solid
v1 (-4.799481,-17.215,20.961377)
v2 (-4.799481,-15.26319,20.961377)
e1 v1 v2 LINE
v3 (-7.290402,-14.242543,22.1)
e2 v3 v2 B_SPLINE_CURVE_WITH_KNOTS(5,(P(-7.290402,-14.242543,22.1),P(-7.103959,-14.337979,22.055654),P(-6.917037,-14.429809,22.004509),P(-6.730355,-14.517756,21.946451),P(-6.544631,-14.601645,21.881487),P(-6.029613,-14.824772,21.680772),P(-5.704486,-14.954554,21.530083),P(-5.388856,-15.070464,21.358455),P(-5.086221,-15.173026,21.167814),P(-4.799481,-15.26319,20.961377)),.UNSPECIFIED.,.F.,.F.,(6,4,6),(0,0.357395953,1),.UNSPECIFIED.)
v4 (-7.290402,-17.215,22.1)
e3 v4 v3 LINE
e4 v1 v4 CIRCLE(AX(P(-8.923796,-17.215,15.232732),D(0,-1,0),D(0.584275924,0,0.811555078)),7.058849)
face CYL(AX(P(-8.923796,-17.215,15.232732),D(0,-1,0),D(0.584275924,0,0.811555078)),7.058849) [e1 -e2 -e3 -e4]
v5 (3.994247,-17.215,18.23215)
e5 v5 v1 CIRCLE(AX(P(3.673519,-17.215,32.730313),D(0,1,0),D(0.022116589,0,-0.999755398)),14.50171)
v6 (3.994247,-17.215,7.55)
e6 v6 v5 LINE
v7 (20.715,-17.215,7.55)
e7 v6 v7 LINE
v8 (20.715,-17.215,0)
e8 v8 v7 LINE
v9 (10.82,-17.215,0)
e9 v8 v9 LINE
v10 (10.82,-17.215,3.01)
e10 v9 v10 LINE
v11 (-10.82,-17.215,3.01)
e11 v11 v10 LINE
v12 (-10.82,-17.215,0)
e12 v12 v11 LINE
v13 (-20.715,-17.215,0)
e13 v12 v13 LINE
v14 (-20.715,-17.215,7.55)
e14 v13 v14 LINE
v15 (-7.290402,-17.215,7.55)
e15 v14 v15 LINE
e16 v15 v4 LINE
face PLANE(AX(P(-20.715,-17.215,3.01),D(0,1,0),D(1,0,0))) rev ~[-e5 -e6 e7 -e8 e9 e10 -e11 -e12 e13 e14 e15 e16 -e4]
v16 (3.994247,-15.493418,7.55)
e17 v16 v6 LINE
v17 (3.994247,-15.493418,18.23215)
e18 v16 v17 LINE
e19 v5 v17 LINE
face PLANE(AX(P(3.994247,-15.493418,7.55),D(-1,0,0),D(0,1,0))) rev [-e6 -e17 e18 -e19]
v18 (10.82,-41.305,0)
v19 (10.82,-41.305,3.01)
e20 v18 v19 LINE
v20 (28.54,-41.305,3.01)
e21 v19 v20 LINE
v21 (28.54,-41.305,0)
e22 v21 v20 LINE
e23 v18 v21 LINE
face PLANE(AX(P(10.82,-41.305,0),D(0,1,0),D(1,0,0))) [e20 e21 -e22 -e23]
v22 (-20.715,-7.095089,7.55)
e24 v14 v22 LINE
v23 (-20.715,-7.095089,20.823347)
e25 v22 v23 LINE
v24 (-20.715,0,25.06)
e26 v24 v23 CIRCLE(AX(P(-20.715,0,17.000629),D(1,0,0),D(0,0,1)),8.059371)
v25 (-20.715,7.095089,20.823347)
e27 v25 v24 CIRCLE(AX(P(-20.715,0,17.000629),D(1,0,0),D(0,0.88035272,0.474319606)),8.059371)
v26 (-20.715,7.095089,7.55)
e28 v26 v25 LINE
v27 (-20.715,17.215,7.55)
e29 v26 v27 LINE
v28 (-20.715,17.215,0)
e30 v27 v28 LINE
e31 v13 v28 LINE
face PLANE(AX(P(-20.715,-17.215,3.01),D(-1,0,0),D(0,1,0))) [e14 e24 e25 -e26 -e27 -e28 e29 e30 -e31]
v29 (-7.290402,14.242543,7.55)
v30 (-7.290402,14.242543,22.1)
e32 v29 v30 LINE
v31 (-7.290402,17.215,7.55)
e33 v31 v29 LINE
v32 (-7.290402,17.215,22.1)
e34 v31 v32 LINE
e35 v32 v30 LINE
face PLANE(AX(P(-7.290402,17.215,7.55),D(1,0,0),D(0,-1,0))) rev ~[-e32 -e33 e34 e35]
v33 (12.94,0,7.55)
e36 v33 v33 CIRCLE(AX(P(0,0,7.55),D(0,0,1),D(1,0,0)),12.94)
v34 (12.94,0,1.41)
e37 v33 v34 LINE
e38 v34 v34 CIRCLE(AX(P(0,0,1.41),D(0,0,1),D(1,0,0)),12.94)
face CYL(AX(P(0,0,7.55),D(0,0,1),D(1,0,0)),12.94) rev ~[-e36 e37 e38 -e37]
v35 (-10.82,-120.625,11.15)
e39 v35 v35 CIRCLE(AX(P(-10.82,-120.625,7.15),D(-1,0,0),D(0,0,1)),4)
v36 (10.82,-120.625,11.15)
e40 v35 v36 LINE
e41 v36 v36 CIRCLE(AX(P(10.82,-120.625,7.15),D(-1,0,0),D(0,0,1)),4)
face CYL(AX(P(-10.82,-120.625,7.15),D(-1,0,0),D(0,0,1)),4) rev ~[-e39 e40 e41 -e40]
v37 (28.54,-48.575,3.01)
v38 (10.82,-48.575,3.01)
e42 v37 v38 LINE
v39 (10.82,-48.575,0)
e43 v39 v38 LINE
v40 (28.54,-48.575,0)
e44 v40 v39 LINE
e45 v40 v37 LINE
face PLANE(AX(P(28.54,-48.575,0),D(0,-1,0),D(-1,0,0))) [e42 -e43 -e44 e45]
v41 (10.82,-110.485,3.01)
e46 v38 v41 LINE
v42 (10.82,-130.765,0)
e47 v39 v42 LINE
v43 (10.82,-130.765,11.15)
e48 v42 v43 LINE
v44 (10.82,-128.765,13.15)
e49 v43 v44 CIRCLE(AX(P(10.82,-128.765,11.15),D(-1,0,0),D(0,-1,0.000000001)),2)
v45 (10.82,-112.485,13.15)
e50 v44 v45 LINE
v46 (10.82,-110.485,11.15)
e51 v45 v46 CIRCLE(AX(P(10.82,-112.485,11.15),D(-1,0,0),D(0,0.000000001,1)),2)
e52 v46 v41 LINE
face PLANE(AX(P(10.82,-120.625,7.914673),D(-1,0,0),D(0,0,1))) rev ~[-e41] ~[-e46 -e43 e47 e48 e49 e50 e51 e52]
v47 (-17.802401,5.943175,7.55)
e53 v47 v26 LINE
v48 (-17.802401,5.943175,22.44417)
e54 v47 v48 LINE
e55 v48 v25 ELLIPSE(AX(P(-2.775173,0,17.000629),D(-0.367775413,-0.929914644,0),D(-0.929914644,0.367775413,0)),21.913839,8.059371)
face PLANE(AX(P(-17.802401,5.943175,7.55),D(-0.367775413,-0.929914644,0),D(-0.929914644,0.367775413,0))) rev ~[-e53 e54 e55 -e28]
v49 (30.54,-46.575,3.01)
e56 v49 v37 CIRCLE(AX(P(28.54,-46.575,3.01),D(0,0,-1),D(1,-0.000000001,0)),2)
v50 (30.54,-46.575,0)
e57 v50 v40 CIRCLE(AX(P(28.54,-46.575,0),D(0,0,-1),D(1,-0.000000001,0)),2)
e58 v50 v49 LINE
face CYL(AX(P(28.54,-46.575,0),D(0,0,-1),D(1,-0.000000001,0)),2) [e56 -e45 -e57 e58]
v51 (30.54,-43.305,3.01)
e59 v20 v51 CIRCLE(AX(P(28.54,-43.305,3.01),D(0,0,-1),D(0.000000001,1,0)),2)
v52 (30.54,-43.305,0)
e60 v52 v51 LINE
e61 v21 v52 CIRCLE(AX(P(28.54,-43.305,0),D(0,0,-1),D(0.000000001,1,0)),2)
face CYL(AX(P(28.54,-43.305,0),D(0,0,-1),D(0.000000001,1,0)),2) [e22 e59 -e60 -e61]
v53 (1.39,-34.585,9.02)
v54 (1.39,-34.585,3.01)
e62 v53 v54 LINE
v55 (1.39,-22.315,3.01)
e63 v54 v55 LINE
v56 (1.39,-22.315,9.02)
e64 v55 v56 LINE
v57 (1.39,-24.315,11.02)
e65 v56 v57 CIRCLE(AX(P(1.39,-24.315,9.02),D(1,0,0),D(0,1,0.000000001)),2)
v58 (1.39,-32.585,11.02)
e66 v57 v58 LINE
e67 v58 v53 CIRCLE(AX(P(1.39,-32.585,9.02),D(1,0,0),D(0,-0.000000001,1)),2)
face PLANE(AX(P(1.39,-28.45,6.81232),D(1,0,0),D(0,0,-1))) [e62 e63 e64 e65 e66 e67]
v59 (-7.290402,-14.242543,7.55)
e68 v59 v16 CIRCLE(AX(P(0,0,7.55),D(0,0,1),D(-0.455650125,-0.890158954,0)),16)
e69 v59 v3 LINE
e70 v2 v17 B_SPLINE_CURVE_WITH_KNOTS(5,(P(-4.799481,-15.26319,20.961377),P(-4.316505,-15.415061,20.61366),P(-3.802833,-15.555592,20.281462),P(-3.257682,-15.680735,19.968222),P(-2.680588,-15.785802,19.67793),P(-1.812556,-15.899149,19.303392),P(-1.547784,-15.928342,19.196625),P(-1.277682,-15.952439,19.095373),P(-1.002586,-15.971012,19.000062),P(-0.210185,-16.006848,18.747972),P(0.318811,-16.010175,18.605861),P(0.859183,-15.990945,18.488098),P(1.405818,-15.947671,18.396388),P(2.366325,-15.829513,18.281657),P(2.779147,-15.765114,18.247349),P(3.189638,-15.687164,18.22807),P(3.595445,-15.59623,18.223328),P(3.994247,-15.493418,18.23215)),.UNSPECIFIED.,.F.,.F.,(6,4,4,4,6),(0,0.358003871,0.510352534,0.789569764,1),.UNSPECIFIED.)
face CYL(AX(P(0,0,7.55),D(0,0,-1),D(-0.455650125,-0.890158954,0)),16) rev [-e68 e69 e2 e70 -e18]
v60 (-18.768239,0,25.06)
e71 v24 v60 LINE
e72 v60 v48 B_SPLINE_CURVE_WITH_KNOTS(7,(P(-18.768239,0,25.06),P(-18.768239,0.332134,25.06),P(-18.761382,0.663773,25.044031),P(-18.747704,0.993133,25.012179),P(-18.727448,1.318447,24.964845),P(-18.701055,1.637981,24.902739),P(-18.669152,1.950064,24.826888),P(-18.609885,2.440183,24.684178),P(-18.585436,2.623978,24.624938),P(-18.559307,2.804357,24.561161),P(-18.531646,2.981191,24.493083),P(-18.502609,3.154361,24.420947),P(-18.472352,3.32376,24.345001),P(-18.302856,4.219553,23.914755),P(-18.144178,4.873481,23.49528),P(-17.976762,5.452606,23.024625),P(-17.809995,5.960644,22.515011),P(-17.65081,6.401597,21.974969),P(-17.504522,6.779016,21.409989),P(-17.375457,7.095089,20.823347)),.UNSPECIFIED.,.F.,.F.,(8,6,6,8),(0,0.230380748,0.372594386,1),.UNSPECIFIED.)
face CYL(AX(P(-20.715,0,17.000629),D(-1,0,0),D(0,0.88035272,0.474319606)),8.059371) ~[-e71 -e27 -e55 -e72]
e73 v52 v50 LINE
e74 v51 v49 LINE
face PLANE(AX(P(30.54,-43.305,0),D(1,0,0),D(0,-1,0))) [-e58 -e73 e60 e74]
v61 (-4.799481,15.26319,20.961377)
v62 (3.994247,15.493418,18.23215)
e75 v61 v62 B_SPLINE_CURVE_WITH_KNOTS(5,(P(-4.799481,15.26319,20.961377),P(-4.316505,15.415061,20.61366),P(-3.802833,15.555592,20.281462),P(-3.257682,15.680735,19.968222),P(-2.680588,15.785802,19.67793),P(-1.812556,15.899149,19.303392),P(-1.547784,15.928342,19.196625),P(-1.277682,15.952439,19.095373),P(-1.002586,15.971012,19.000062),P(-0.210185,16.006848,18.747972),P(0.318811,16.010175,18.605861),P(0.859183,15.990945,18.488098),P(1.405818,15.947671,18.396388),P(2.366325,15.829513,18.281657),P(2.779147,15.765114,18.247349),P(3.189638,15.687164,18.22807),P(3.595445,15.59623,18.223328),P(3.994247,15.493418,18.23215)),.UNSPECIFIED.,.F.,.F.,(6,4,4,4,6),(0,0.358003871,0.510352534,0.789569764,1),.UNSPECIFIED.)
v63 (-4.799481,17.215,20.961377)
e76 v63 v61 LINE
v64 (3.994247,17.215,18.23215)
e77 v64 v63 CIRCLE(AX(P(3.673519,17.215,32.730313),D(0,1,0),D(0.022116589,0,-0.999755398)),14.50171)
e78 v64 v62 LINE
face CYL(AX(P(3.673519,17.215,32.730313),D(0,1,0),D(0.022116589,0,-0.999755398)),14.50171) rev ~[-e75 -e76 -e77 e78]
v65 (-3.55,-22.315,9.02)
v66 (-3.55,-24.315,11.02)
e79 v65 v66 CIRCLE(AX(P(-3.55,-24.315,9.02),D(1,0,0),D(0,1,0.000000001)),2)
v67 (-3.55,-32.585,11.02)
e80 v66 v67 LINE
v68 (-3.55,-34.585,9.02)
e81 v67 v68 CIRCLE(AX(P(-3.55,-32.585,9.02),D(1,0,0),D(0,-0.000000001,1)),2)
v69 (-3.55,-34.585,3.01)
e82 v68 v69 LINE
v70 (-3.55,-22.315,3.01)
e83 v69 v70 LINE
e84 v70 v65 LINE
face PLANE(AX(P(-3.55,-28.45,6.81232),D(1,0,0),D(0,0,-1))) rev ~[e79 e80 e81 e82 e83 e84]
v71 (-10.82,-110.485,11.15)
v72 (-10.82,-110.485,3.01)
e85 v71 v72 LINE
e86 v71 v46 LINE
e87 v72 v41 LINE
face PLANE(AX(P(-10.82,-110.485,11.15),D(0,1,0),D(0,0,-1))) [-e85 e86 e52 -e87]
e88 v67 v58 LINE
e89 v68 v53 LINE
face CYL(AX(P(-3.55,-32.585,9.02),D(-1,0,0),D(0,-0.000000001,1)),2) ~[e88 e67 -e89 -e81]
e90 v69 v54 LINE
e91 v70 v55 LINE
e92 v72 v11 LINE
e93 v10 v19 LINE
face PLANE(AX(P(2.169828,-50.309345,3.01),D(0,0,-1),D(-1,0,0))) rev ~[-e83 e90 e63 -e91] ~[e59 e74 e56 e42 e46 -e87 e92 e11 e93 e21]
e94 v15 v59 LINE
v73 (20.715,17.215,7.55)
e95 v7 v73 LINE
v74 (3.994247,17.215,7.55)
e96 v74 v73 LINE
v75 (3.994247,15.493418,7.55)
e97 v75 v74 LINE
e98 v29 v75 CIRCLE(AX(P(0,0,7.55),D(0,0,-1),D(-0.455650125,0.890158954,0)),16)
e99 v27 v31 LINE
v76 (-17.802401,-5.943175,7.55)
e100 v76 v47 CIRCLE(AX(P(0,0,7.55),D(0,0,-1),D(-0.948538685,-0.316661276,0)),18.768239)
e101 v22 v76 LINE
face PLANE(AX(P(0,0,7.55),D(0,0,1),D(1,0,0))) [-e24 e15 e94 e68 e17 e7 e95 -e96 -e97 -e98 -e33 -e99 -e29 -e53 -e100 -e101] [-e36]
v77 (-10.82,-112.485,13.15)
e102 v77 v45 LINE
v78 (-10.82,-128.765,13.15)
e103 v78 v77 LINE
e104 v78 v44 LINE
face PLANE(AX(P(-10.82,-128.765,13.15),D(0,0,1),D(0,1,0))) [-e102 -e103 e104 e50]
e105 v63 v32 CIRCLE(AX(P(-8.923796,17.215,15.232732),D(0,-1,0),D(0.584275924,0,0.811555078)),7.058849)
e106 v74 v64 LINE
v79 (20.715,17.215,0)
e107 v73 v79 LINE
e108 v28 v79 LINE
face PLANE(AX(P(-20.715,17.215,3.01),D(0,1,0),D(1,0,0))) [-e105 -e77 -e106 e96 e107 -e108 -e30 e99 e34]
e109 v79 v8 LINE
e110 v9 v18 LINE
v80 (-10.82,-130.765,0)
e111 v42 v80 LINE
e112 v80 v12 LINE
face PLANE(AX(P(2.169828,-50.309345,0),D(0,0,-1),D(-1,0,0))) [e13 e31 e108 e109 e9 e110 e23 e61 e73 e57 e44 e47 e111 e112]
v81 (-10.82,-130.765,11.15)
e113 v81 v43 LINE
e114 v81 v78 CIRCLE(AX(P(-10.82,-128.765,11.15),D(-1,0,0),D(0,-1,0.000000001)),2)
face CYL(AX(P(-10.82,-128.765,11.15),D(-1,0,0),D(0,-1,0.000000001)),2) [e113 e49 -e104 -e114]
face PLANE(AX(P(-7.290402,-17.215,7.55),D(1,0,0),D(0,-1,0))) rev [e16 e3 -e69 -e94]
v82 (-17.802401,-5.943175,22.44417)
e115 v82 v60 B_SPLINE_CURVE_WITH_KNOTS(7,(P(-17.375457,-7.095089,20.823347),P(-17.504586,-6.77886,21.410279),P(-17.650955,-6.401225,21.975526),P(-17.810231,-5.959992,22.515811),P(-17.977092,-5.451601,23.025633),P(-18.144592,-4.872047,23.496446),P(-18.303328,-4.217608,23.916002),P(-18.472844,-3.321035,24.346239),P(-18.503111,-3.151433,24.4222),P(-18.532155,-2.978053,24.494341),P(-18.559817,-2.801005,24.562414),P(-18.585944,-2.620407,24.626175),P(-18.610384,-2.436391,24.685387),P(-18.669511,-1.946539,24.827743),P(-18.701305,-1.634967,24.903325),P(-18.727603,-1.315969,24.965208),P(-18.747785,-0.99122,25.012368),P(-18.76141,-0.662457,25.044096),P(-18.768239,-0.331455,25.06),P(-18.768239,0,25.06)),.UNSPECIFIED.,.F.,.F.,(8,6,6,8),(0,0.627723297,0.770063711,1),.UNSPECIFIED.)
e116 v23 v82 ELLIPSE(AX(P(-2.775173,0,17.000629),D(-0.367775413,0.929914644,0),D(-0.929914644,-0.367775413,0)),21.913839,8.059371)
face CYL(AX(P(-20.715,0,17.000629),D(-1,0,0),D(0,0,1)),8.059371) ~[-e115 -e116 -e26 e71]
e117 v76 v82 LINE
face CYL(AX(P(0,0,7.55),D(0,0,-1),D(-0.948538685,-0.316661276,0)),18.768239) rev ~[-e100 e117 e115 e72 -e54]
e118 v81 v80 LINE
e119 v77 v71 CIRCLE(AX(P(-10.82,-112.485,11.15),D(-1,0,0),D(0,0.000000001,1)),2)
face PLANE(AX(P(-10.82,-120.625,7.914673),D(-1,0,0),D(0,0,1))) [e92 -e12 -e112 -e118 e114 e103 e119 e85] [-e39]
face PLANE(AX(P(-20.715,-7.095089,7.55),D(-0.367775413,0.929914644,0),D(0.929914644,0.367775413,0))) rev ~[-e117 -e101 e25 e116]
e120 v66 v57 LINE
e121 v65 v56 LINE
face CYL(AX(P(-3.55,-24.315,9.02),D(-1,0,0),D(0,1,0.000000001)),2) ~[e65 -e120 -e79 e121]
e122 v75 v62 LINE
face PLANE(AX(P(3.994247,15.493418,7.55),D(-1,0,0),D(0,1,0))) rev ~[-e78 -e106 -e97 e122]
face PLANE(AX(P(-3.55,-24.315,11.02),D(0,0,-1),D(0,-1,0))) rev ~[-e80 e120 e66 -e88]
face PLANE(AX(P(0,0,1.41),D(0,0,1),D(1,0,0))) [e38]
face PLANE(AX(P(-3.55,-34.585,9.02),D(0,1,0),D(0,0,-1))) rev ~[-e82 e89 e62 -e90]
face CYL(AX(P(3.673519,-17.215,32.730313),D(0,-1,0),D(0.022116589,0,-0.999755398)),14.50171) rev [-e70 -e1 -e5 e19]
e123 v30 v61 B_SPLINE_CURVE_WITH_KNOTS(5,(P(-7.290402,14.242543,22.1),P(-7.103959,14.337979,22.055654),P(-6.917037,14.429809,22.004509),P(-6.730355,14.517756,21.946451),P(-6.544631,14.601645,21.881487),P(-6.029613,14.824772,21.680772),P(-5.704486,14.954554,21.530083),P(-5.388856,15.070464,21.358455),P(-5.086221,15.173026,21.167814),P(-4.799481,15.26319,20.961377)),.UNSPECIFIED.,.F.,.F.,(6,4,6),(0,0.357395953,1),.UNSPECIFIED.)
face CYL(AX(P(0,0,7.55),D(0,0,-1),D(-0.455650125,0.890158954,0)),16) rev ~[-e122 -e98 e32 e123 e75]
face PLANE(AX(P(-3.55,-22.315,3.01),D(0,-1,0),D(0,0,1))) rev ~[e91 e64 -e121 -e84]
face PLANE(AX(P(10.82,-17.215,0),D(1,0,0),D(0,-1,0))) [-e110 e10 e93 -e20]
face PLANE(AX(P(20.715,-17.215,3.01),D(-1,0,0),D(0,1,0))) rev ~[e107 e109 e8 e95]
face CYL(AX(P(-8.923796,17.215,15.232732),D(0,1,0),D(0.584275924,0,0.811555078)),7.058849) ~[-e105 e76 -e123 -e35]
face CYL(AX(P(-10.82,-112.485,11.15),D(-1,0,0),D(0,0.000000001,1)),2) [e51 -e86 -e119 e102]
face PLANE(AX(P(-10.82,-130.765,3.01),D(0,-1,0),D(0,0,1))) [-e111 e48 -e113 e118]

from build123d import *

# Parameters (mm, degrees)
EXTRUDE_4_DEPTH          = 3.01
SKETCH_3_W               = 41.43
SKETCH_3_H               = 34.43
EXTRUDE_5_DEPTH          = 4.54
SKETCH_4_R               = 12.94
CUT_EXTRUDE_1_DEPTH      = 6.14
EXTRUDE_7_DEPTH          = 4.94
EXTRUDE_9_DEPTH          = 21.64
SKETCH_8_R               = 4
CUT_EXTRUDE_2_DEPTH      = 138.779016272
EXTRUDE_10_DEPTH         = 14.55
CUT_EXTRUDE_7_REACH      = 154.706
CUT_EXTRUDE_7_END_RADIUS = 16
EXTRUDE_11_DEPTH         = 17.51
CUT_EXTRUDE_8_REACH      = 144.669
CUT_EXTRUDE_8_END_RADIUS = 18.768238988


with BuildPart() as part:
    # 草图1 → 凸台-拉伸4 (new body)
    with BuildSketch(Plane.XY):
        with BuildLine():
            Line((10.82, -17.215), (10.82, -41.305))
            Line((10.82, -41.305), (28.54, -41.305))
            ThreePointArc((28.54, -41.305), (29.954213562, -41.890786438), (30.54, -43.305))
            Line((30.54, -43.305), (30.54, -46.575))
            ThreePointArc((30.54, -46.575), (29.954213562, -47.989213562), (28.54, -48.575))
            Line((28.54, -48.575), (10.82, -48.575))
            Line((10.82, -48.575), (10.82, -130.765))
            Line((10.82, -130.765), (-10.82, -130.765))
            Line((-10.82, -130.765), (-10.82, -17.215))
            Line((-10.82, -17.215), (-20.715, -17.215))
            Line((-20.715, -17.215), (-20.715, 17.215))
            Line((-20.715, 17.215), (20.715, 17.215))
            Line((20.715, 17.215), (20.715, -17.215))
            Line((20.715, -17.215), (10.82, -17.215))
        make_face()
    extrude(amount=EXTRUDE_4_DEPTH)

    # 草图3 → 凸台-拉伸5 (add)
    with BuildSketch(Plane.XY.offset(3.01)):
        Rectangle(SKETCH_3_W, SKETCH_3_H)
    extrude(amount=EXTRUDE_5_DEPTH)

    # 草图4 → 切除-拉伸1 (cut)
    with BuildSketch(Plane.XY.offset(7.55)):
        Circle(SKETCH_4_R)
    extrude(amount=-CUT_EXTRUDE_1_DEPTH, mode=Mode.SUBTRACT)

    # 草图6 → 凸台-拉伸7 (add)
    with BuildSketch(Plane.ZY.offset(3.55)):
        with BuildLine():
            Line((3.01, -22.315), (9.02, -22.315))
            ThreePointArc((9.02, -22.315), (10.434213562, -22.900786438), (11.02, -24.315))
            Line((11.02, -24.315), (11.02, -32.585))
            ThreePointArc((11.02, -32.585), (10.434213562, -33.999213562), (9.02, -34.585))
            Line((9.02, -34.585), (3.01, -34.585))
            Line((3.01, -34.585), (3.01, -22.315))
        make_face()
    extrude(amount=-EXTRUDE_7_DEPTH)

    # 草图7 → 凸台-拉伸9 (add)
    with BuildSketch(Plane.ZY.offset(10.82)):
        with BuildLine():
            Line((3.01, -130.765), (11.15, -130.765))
            ThreePointArc((11.15, -130.765), (12.564213562, -130.179213562), (13.15, -128.765))
            Line((13.15, -128.765), (13.15, -112.485))
            ThreePointArc((13.15, -112.485), (12.564213562, -111.070786438), (11.15, -110.485))
            Line((11.15, -110.485), (3.01, -110.485))
            Line((3.01, -110.485), (3.01, -130.765))
        make_face()
    extrude(amount=-EXTRUDE_9_DEPTH)

    # 草图8 → 切除-拉伸2 (cut, through all)
    with BuildSketch(Plane.ZY.offset(10.82)):
        with Locations((7.15, -120.625)):
            Circle(SKETCH_8_R)
    extrude(amount=-CUT_EXTRUDE_2_DEPTH, mode=Mode.SUBTRACT)

    # 草图9 → 凸台-拉伸10 (add)
    with BuildSketch(Plane.XY.offset(7.55)):
        with BuildLine():
            Line((3.994247308, 17.215), (-7.290402008, 17.215))
            Line((-7.290402008, 17.215), (-7.290402008, 14.242543262))
            ThreePointArc((-7.290402008, 14.242543262), (-1.762762206, 15.902599454), (3.994247308, 15.493417584))
            Line((3.994247308, 15.493417584), (3.994247308, 17.215))
        make_face()
    extrude_10 = extrude(amount=EXTRUDE_10_DEPTH)

    # 切除-拉伸7: up to this cylinder (the profile starts outside it)
    cut_extrude_7_end = Plane(origin=(0, 0, 20.532167), z_dir=(0, 0, -1)) * Cylinder(CUT_EXTRUDE_7_END_RADIUS, 342.412, mode=Mode.PRIVATE)
    # 草图10 → 切除-拉伸7 (cut, up to the surface)
    with BuildSketch(Plane(origin=(0, 17.215, 0), x_dir=(1, 0, 0), z_dir=(0, 1, 0)), mode=Mode.PRIVATE) as cut_extrude_7_sk1:
        with BuildLine():
            Line((3.994247308, -21.947856721), (3.994247308, -18.232150221))
            ThreePointArc((3.994247308, -18.232150221), (-0.624975177, -18.880311606), (-4.799480887, -20.961376627))
            ThreePointArc((-4.799480887, -20.961376627), (-5.989188818, -21.652656126), (-7.290402008, -22.1))
            Line((-7.290402008, -22.1), (3.994247308, -22.1))
            Line((3.994247308, -22.1), (3.994247308, -21.947856721))
        make_face()
    cut_extrude_7_tool1 = extrude(cut_extrude_7_sk1.sketch, amount=-CUT_EXTRUDE_7_REACH, mode=Mode.PRIVATE) - cut_extrude_7_end
    cut_extrude_7 = cut_extrude_7_tool1.solids().sort_by_distance((-0.002076, 17.215, 20.532167))[0]
    add(cut_extrude_7, mode=Mode.SUBTRACT)

    # 镜向1: 凸台-拉伸10, 切除-拉伸7 across plane
    add(extrude_10.mirror(Plane(origin=(0, 0, 0), x_dir=(0, 0, 1), z_dir=(0, -1, 0))))
    add(cut_extrude_7.mirror(Plane(origin=(0, 0, 0), x_dir=(0, 0, 1), z_dir=(0, -1, 0))), mode=Mode.SUBTRACT)

    # 草图12 → 凸台-拉伸11 (add)
    with BuildSketch(Plane.XY.offset(7.55)):
        with BuildLine():
            Line((-17.802400725, 5.943174502), (-20.715, 7.09508926))
            Line((-20.715, 7.09508926), (-20.715, -7.09508926))
            Line((-20.715, -7.09508926), (-17.802400725, -5.943174502))
            ThreePointArc((-17.802400725, -5.943174502), (-18.768238988, 0), (-17.802400725, 5.943174502))
        make_face()
    extrude(amount=EXTRUDE_11_DEPTH)

    # 切除-拉伸8: up to this cylinder (the profile starts outside it)
    cut_extrude_8_end = Plane(origin=(0, 0, 23.877666), z_dir=(0, 0, -1)) * Cylinder(CUT_EXTRUDE_8_END_RADIUS, 327.874477976, mode=Mode.PRIVATE)
    # 草图13 → 切除-拉伸8 (cut, up to the surface)
    with BuildSketch(Plane.ZY.offset(20.715), mode=Mode.PRIVATE) as cut_extrude_8_sk1:
        with BuildLine():
            ThreePointArc((25.06, 0), (23.920244617, -4.131873769), (20.823346631, -7.09508926))
            Line((20.823346631, -7.09508926), (25.06, -7.09508926))
            Line((25.06, -7.09508926), (25.06, 0))
        make_face()
    cut_extrude_8_tool1 = extrude(cut_extrude_8_sk1.sketch, amount=-CUT_EXTRUDE_8_REACH, mode=Mode.PRIVATE) - cut_extrude_8_end
    add(cut_extrude_8_tool1.solids().sort_by_distance((-20.715, -5.42758, 23.877666))[0], mode=Mode.SUBTRACT)
    # 草图13 → 切除-拉伸8 (cut, up to the surface)
    with BuildSketch(Plane.ZY.offset(20.715), mode=Mode.PRIVATE) as cut_extrude_8_sk2:
        with BuildLine():
            ThreePointArc((20.823346631, 7.09508926), (23.920244617, 4.131873769), (25.06, 0))
            Line((25.06, 0), (25.06, 7.09508926))
            Line((25.06, 7.09508926), (20.823346631, 7.09508926))
        make_face()
    cut_extrude_8_tool2 = extrude(cut_extrude_8_sk2.sketch, amount=-CUT_EXTRUDE_8_REACH, mode=Mode.PRIVATE) - cut_extrude_8_end
    add(cut_extrude_8_tool2.solids().sort_by_distance((-20.715, 5.42758, 23.877666))[0], mode=Mode.SUBTRACT)


solid = part.part
